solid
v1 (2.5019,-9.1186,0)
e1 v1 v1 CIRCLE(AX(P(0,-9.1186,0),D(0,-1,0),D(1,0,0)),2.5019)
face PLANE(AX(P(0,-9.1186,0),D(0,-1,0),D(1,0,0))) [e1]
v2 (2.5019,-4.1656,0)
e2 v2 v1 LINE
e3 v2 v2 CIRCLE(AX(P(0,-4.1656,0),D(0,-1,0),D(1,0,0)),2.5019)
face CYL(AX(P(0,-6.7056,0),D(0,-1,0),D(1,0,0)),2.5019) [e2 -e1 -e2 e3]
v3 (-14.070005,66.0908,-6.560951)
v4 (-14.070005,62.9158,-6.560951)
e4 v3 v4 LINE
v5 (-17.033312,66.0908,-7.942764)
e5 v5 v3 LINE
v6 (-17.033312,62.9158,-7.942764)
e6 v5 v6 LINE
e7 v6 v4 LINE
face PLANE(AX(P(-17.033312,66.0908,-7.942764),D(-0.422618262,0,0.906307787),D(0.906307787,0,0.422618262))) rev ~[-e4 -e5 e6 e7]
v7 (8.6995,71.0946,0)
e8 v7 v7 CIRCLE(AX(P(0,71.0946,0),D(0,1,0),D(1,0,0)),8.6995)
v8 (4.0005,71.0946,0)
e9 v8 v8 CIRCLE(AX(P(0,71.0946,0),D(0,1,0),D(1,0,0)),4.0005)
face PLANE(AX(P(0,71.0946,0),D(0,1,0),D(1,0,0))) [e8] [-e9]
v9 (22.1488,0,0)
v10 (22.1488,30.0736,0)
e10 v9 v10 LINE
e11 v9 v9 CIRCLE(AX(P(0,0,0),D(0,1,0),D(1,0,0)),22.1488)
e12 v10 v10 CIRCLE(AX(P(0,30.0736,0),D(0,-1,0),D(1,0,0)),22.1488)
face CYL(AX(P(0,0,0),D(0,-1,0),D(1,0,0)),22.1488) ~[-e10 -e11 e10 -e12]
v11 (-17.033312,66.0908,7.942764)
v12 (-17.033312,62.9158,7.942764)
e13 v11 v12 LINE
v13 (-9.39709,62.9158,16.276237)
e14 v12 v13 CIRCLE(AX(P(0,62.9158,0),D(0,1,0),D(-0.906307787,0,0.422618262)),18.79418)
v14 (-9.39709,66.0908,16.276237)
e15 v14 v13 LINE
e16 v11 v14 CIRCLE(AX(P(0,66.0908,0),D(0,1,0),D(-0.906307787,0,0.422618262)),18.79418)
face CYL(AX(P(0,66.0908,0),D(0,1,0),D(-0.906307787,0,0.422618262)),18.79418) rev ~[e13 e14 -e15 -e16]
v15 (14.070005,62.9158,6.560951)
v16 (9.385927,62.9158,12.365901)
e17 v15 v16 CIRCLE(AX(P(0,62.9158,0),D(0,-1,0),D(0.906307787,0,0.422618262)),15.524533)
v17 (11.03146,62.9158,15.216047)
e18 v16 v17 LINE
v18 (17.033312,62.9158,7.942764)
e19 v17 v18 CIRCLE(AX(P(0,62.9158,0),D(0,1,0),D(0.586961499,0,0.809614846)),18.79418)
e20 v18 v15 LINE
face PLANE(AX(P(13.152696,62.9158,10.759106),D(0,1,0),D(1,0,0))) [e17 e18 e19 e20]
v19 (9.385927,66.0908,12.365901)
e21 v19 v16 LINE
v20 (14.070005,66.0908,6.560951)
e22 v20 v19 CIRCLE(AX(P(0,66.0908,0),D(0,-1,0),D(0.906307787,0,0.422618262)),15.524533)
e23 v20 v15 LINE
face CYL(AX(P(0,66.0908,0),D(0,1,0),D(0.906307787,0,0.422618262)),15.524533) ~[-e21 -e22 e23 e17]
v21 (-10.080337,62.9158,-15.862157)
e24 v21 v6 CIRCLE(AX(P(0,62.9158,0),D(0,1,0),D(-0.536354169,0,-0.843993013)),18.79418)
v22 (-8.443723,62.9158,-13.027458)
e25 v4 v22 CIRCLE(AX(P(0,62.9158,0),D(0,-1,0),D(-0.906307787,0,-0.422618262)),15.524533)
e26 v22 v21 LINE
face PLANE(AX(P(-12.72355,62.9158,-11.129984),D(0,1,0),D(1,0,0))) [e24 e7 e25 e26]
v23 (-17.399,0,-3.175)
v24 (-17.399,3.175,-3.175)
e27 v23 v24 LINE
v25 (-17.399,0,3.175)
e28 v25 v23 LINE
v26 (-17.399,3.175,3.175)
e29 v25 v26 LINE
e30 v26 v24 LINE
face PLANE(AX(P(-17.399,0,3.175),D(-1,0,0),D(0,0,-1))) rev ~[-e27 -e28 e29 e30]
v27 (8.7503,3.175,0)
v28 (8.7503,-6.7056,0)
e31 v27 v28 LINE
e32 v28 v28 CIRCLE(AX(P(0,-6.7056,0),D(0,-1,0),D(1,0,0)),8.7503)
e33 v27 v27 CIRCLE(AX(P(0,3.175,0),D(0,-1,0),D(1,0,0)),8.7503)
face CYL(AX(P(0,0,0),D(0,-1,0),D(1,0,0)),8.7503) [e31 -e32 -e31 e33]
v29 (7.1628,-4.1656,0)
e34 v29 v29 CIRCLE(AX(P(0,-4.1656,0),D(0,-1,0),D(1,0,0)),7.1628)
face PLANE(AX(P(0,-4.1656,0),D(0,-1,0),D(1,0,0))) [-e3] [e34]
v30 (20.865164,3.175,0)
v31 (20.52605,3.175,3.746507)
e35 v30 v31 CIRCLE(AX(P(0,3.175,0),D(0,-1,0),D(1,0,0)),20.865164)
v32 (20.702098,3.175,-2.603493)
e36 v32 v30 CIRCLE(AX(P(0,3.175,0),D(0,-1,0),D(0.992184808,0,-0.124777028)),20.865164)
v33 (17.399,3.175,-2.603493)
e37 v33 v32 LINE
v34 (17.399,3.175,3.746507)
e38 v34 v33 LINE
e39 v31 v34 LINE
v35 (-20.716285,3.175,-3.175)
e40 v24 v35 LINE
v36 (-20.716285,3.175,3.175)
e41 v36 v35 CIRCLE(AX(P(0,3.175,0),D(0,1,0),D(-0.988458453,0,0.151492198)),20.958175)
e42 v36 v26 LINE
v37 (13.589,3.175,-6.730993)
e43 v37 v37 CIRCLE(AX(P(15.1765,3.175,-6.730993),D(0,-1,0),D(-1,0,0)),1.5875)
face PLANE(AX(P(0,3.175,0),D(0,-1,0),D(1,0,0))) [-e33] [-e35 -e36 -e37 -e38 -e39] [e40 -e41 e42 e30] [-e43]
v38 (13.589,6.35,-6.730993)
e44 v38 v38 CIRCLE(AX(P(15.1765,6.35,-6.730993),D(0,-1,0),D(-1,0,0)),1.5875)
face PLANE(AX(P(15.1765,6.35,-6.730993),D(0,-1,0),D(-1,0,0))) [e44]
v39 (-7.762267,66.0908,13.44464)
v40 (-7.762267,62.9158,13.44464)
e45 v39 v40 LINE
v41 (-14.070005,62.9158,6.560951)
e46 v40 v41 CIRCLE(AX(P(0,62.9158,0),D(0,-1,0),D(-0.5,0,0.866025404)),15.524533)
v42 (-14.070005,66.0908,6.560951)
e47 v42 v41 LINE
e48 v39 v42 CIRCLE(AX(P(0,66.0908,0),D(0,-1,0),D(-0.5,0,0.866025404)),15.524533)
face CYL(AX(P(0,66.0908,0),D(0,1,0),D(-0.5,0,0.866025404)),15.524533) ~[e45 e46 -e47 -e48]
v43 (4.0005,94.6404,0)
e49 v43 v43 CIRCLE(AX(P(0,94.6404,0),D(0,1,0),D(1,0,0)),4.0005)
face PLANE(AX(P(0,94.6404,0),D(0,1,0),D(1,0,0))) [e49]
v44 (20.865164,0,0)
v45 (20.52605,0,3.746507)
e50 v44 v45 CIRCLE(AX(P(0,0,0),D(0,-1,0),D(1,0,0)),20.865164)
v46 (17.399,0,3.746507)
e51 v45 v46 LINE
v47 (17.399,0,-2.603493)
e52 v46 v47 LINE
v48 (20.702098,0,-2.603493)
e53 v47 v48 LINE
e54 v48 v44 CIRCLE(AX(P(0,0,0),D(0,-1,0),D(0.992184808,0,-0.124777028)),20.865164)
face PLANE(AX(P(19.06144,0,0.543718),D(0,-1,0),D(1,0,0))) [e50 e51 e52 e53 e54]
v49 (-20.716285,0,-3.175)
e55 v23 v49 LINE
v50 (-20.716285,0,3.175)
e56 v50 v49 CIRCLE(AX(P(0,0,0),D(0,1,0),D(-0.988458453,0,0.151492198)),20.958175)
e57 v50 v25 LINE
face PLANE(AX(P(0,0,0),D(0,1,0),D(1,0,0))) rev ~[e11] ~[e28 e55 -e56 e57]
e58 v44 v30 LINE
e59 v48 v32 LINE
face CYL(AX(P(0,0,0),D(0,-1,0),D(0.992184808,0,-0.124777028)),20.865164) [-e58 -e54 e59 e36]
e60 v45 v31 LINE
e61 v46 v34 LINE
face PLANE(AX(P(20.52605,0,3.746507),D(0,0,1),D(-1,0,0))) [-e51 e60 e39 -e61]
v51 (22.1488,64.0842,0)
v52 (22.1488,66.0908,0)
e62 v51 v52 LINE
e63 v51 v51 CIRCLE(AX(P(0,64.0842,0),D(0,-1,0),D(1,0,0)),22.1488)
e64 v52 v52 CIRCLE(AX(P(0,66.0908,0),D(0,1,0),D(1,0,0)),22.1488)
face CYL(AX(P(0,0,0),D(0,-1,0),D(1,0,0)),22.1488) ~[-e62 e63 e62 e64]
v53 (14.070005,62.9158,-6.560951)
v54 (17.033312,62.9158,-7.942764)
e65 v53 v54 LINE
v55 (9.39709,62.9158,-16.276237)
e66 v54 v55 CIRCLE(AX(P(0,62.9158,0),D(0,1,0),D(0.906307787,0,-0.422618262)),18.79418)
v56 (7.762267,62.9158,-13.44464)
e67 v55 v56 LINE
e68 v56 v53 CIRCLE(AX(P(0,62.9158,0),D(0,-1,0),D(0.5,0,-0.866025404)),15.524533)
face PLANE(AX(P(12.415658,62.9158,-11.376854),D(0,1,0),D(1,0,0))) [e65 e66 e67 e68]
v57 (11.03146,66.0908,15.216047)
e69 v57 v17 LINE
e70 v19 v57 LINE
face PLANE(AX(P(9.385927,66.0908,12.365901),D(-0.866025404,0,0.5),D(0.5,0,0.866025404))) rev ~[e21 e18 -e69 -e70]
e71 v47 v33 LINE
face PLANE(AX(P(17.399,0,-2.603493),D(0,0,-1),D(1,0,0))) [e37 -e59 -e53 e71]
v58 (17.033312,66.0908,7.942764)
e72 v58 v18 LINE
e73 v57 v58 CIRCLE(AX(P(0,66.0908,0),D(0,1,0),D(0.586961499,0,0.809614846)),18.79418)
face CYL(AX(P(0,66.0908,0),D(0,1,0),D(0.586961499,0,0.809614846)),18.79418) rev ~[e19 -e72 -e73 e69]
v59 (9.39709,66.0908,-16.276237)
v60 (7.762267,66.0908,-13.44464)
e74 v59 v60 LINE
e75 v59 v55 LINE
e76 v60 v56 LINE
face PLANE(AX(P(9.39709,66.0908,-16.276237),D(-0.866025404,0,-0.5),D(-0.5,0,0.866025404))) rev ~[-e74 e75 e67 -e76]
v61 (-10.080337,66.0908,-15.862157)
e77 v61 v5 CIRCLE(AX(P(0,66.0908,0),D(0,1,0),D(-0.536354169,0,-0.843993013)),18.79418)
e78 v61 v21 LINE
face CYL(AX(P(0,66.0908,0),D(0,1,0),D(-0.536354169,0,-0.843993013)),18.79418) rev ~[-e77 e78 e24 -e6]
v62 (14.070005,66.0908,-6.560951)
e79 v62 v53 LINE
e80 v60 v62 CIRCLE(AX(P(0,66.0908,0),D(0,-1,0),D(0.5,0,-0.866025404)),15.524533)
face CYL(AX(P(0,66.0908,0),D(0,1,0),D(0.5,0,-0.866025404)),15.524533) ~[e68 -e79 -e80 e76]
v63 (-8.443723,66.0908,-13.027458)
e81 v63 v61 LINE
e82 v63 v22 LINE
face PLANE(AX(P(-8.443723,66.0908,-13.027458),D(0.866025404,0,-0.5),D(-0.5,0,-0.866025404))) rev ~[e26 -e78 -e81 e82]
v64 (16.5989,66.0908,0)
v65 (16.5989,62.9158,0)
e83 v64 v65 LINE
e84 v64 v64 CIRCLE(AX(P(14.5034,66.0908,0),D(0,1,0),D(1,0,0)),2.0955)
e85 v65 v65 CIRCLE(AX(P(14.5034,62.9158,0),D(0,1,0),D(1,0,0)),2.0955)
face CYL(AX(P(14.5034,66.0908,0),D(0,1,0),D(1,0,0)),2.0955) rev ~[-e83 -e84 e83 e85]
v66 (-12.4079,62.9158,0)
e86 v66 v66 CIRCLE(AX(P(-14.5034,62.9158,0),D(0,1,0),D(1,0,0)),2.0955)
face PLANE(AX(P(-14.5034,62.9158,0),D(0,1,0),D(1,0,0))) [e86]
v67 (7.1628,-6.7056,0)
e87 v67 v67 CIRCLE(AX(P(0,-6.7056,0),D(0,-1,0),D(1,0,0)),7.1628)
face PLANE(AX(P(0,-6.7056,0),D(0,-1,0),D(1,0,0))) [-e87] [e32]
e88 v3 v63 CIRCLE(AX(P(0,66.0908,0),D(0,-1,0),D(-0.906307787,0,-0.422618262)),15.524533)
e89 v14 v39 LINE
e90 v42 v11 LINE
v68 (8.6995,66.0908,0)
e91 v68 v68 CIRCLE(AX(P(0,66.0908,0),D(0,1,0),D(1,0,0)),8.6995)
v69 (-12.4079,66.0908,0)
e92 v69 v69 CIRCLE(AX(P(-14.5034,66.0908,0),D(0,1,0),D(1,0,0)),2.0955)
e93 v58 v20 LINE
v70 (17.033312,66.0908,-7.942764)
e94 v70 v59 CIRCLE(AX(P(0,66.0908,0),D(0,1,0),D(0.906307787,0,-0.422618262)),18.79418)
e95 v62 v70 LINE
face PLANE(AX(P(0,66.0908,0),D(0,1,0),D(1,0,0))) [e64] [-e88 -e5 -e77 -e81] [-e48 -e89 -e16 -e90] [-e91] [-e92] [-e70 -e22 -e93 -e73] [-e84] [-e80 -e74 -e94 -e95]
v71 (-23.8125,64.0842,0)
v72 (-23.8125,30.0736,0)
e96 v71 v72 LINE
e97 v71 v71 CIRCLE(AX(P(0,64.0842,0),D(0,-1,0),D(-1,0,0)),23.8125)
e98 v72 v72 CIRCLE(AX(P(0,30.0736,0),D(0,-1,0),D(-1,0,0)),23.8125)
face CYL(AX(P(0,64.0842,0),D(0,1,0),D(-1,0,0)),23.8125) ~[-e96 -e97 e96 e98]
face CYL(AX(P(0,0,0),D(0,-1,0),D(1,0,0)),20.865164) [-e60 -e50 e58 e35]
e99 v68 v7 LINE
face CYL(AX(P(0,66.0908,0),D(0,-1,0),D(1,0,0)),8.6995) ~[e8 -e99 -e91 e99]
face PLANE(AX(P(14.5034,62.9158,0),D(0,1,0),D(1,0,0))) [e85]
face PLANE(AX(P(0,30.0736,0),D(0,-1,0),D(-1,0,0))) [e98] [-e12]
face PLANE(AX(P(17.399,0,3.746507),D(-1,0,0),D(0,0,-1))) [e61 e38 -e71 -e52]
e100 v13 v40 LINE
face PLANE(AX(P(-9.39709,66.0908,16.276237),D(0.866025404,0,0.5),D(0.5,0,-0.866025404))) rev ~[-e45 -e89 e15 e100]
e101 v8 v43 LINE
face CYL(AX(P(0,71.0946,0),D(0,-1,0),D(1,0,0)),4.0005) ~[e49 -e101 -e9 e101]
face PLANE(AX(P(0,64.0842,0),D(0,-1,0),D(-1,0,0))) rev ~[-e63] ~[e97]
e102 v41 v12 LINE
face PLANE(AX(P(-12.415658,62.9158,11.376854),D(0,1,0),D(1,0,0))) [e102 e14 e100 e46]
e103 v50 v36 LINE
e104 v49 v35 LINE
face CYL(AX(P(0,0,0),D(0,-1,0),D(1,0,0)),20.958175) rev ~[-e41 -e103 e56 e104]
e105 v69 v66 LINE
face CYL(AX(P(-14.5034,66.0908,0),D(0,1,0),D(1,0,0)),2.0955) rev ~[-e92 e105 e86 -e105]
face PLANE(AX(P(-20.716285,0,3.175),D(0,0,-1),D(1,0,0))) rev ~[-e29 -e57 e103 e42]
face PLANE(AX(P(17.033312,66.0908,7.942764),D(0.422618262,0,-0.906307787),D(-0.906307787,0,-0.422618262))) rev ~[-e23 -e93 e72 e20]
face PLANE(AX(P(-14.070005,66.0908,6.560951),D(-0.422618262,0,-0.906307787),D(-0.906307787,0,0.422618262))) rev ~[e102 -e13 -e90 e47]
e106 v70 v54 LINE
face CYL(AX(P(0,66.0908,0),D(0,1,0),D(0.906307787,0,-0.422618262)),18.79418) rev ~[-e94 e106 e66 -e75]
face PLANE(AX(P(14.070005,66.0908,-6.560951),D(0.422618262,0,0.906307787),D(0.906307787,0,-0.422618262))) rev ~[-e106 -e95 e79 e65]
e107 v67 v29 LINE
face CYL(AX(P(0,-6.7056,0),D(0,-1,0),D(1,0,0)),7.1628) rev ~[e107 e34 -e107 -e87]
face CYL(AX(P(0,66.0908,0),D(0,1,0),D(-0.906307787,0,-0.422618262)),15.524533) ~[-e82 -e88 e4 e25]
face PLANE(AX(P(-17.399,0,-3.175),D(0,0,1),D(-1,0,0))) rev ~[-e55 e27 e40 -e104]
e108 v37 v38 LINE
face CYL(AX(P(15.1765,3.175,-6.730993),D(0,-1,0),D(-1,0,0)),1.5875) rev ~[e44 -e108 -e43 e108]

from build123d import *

# Parameters (mm, degrees)
SKETCH2_R            = 22.1488
BOSS_EXTRUDE4_DEPTH  = 66.0908
SKETCH4_R            = 8.6995
BOSS_EXTRUDE5_DEPTH  = 5.0038
SKETCH9_R            = 4.0005
BOSS_EXTRUDE6_DEPTH  = 23.5458
SKETCH10_R           = 8.7503
BOSS_EXTRUDE7_DEPTH  = 6.7056
SKETCH11_R           = 2.5019
BOSS_EXTRUDE8_DEPTH  = 2.413
SKETCH12_R           = 23.8125
BOSS_EXTRUDE9_DEPTH  = 34.0106
SKETCH13_R           = 2.0955
CUT_EXTRUDE1_DEPTH   = 3.175
CUT_EXTRUDE2_DEPTH   = 3.175
SKETCH15_R           = 20.958175
SKETCH15_R_2         = 8.7503
CUT_EXTRUDE3_DEPTH   = 3.175
SKETCH16_R           = 7.1628
SKETCH16_R_2         = 2.5019
CUT_EXTRUDE4_DEPTH   = 2.54
BOSS_EXTRUDE12_DEPTH = 3.175
BOSS_EXTRUDE13_DEPTH = 3.175
SKETCH20_R           = 1.5875
CUT_EXTRUDE5_DEPTH   = 3.175


with BuildPart() as part:
    # Sketch2 → Boss-Extrude4 (new body)
    with BuildSketch(Plane(origin=(0, 0, 0), x_dir=(1, 0, 0), z_dir=(0, 1, 0))):
        Circle(SKETCH2_R)
    extrude(amount=BOSS_EXTRUDE4_DEPTH)

    # Sketch4 → Boss-Extrude5 (add)
    with BuildSketch(Plane(origin=(0, 66.0908, 0), x_dir=(1, 0, 0), z_dir=(0, 1, 0))):
        Circle(SKETCH4_R)
    extrude(amount=BOSS_EXTRUDE5_DEPTH)

    # Sketch9 → Boss-Extrude6 (add)
    with BuildSketch(Plane(origin=(0, 71.0946, 0), x_dir=(1, 0, 0), z_dir=(0, 1, 0))):
        Circle(SKETCH9_R)
    extrude(amount=BOSS_EXTRUDE6_DEPTH)

    # Sketch10 → Boss-Extrude7 (add)
    with BuildSketch(Plane.XZ):
        Circle(SKETCH10_R)
    extrude(amount=BOSS_EXTRUDE7_DEPTH)

    # Sketch11 → Boss-Extrude8 (add)
    with BuildSketch(Plane.XZ.offset(6.7056)):
        Circle(SKETCH11_R)
    extrude(amount=BOSS_EXTRUDE8_DEPTH)

    # Sketch12 → Boss-Extrude9 (add)
    with BuildSketch(Plane(origin=(0, 64.0842, 0), x_dir=(-1, 0, 0), z_dir=(0, -1, 0))):
        Circle(SKETCH12_R)
    extrude(amount=BOSS_EXTRUDE9_DEPTH)

    # Sketch13 → Cut-Extrude1 (cut)
    with BuildSketch(Plane(origin=(0, 66.0908, 0), x_dir=(1, 0, 0), z_dir=(0, 1, 0))):
        with Locations((-14.5034, 0)):
            Circle(SKETCH13_R)
        with Locations((14.5034, 0)):
            Circle(SKETCH13_R)
    extrude(amount=-CUT_EXTRUDE1_DEPTH, mode=Mode.SUBTRACT)

    # Sketch14 → Cut-Extrude2 (cut)
    with BuildSketch(Plane(origin=(0, 66.0908, 0), x_dir=(1, 0, 0), z_dir=(0, 1, 0))):
        with BuildLine():
            Line((-14.070005184, -6.560951168), (-17.033311719, -7.942763698))
            ThreePointArc((-17.033311719, -7.942763698), (-13.856523006, -12.697163994), (-9.397090019, -16.276237356))
            Line((-9.397090019, -16.276237356), (-7.76226652, -13.444639995))
            ThreePointArc((-7.76226652, -13.444639995), (-11.445886375, -10.4882225), (-14.070005184, -6.560951168))
        make_face()
        with BuildLine():
            ThreePointArc((-10.080336815, 15.862156631), (-14.123267338, 12.399779151), (-17.033311719, 7.942763698))
            Line((-17.033311719, 7.942763698), (-14.070005184, 6.560951168))
            ThreePointArc((-14.070005184, 6.560951168), (-11.711998853, 10.190201616), (-8.44372295, 13.027458265))
            Line((-8.44372295, 13.027458265), (-10.080336815, 15.862156631))
        make_face()
        with BuildLine():
            ThreePointArc((17.033311719, 7.942763698), (13.856523006, 12.697163994), (9.397090019, 16.276237356))
            Line((9.397090019, 16.276237356), (7.76226652, 13.444639995))
            ThreePointArc((7.76226652, 13.444639995), (11.445886375, 10.4882225), (14.070005184, 6.560951168))
            Line((14.070005184, 6.560951168), (17.033311719, 7.942763698))
        make_face()
        with BuildLine():
            Line((9.385927189, -12.365900571), (11.031460095, -15.21604717))
            ThreePointArc((11.031460095, -15.21604717), (14.495965555, -11.961947414), (17.033311719, -7.942763698))
            Line((17.033311719, -7.942763698), (14.070005184, -6.560951168))
            ThreePointArc((14.070005184, -6.560951168), (12.081785889, -9.748926908), (9.385927189, -12.365900571))
        make_face()
    extrude(amount=-CUT_EXTRUDE2_DEPTH, mode=Mode.SUBTRACT)

    # Sketch15 → Cut-Extrude3 (cut)
    with BuildSketch(Plane.XZ):
        Circle(SKETCH15_R)
        Circle(SKETCH15_R_2, mode=Mode.SUBTRACT)
    extrude(amount=-CUT_EXTRUDE3_DEPTH, mode=Mode.SUBTRACT)

    # Sketch16 → Cut-Extrude4 (cut)
    with BuildSketch(Plane.XZ.offset(6.7056)):
        Circle(SKETCH16_R)
        Circle(SKETCH16_R_2, mode=Mode.SUBTRACT)
    extrude(amount=-CUT_EXTRUDE4_DEPTH, mode=Mode.SUBTRACT)

    # Sketch18 → Boss-Extrude12 (add)
    with BuildSketch(Plane.XZ):
        with BuildLine():
            ThreePointArc((20.865163654, 0), (20.780212376, 1.88091146), (20.52605029, 3.746506881))
            Line((20.52605029, 3.746506881), (17.399, 3.746506881))
            Line((17.399, 3.746506881), (17.399, -2.603493119))
            Line((17.399, -2.603493119), (20.702098393, -2.603493119))
            ThreePointArc((20.702098393, -2.603493119), (20.824357436, -1.304297387), (20.865163654, 0))
        make_face()
    extrude(amount=-BOSS_EXTRUDE12_DEPTH)

    # Sketch19 → Boss-Extrude13 (add)
    with BuildSketch(Plane(origin=(0, 0, 0), x_dir=(-1, 0, 0), z_dir=(0, -1, 0))):
        with BuildLine():
            Line((20.716285244, -3.175), (17.399, -3.175))
            Line((17.399, -3.175), (17.399, 3.175))
            Line((17.399, 3.175), (20.716285244, 3.175))
            ThreePointArc((20.716285244, 3.175), (20.958175, 0), (20.716285244, -3.175))
        make_face()
    extrude(amount=-BOSS_EXTRUDE13_DEPTH)

    # Sketch20 → Cut-Extrude5 (cut)
    with BuildSketch(Plane(origin=(0, 3.175, 0), x_dir=(-1, 0, 0), z_dir=(0, -1, 0))):
        with Locations((-15.1765, 6.730993119)):
            Circle(SKETCH20_R)
    extrude(amount=-CUT_EXTRUDE5_DEPTH, mode=Mode.SUBTRACT)


solid = part.part
